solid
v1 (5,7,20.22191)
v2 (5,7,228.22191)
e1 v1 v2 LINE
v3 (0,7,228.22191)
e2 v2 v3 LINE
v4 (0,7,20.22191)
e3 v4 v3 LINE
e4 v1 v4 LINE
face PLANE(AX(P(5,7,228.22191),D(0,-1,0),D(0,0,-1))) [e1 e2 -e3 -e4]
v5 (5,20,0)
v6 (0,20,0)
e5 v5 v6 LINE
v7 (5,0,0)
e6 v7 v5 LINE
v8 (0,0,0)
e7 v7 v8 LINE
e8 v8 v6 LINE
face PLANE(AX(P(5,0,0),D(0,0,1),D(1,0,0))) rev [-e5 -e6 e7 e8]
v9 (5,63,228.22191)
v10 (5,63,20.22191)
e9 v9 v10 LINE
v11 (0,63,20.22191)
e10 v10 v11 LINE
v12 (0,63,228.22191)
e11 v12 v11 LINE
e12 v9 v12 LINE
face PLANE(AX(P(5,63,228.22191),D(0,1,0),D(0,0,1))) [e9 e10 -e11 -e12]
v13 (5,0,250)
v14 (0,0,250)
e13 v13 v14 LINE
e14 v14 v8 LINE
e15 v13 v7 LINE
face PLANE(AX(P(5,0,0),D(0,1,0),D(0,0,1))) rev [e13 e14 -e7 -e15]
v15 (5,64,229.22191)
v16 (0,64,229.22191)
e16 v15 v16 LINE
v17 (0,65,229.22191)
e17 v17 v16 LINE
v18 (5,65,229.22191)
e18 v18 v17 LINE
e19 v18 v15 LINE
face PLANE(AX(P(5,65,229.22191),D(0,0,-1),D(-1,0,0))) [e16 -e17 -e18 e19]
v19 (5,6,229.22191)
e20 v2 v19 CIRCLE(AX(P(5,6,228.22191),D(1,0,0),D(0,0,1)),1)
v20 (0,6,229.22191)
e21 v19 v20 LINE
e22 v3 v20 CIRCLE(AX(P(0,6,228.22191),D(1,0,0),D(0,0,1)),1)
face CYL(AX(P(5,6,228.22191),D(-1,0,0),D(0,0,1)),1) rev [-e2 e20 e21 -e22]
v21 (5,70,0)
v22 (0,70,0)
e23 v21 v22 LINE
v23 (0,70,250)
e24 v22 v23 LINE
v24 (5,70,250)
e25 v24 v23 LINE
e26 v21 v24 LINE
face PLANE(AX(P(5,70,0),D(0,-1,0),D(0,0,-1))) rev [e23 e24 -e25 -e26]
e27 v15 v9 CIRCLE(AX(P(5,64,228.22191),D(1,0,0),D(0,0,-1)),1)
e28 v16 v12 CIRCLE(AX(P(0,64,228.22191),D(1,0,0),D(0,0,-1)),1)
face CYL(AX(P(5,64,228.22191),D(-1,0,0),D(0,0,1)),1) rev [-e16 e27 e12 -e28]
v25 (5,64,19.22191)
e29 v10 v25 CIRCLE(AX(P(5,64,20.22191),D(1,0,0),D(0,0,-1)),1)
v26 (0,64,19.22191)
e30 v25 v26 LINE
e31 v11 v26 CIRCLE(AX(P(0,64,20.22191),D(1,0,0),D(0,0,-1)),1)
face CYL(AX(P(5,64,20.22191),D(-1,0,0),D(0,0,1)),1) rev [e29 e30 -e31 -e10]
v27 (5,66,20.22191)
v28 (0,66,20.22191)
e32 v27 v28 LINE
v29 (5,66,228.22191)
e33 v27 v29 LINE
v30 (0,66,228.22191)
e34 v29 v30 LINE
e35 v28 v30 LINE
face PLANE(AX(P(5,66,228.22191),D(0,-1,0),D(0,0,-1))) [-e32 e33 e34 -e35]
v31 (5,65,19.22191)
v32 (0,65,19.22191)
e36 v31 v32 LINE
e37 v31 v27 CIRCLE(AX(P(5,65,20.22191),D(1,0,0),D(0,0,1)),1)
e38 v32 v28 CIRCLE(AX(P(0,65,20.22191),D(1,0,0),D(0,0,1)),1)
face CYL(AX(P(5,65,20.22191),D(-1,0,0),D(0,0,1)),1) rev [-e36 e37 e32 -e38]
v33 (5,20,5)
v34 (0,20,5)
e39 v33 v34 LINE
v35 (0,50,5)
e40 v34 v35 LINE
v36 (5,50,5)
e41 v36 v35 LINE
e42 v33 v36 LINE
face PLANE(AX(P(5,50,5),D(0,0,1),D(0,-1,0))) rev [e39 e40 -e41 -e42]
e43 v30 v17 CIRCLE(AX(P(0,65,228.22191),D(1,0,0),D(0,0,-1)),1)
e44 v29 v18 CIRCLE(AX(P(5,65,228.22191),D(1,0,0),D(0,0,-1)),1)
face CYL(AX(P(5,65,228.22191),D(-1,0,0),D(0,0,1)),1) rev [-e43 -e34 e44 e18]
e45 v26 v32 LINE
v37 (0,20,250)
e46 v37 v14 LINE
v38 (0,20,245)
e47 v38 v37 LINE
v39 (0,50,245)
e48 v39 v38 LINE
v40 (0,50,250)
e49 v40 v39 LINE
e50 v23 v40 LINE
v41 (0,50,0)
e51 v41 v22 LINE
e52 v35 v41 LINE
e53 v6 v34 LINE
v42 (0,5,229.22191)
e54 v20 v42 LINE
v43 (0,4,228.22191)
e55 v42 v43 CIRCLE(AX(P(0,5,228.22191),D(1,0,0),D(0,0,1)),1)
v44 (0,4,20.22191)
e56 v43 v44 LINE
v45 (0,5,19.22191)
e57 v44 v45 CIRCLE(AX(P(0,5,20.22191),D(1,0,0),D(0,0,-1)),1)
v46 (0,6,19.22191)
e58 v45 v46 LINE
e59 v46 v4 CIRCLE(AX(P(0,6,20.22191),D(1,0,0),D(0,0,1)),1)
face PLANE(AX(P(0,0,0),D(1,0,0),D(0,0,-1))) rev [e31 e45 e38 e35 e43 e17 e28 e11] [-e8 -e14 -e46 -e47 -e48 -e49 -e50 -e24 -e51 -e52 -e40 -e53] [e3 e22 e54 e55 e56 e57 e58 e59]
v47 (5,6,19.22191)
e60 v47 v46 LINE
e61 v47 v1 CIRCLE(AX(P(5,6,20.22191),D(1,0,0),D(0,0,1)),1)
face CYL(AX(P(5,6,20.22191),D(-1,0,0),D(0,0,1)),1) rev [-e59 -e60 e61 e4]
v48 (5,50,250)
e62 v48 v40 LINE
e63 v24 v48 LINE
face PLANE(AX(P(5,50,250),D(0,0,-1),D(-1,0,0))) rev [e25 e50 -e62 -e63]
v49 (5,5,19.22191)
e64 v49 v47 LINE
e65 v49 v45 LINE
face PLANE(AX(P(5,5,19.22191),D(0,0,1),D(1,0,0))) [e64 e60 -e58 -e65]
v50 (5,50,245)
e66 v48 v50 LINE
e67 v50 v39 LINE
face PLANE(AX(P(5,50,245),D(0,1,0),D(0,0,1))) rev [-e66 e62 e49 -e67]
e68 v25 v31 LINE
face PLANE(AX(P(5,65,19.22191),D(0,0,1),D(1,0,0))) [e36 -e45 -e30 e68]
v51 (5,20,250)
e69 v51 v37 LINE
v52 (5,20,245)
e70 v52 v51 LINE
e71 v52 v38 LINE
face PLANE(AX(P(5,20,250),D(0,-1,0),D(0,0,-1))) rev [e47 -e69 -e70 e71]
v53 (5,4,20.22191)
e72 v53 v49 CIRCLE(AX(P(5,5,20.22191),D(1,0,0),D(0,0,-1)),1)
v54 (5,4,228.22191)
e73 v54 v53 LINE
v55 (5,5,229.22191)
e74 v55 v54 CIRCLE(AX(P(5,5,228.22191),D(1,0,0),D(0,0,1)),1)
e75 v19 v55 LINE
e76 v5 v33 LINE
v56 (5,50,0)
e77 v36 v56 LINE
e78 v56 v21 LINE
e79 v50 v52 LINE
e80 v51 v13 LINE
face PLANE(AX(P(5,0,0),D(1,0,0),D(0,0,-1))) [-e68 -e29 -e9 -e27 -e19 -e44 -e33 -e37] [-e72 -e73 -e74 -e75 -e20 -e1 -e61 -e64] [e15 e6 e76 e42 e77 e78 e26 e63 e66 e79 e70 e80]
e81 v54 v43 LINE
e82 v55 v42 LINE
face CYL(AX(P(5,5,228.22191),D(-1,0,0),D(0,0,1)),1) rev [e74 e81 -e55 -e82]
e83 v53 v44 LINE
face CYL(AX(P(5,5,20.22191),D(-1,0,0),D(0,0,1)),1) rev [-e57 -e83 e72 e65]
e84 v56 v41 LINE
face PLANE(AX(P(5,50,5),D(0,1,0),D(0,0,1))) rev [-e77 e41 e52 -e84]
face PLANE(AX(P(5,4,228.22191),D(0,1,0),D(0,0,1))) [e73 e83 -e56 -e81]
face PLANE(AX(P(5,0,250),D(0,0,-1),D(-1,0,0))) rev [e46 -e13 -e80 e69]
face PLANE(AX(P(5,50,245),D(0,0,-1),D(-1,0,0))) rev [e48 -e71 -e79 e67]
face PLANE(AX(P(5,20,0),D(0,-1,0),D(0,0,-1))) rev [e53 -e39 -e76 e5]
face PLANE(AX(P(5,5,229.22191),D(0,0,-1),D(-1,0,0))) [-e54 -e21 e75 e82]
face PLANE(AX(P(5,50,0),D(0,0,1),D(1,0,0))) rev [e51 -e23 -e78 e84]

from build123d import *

# Parameters (mm, degrees)
EXTRUDE_1_DEPTH = 5


with BuildPart() as part:
    # 草图1 → 凸台-拉伸1 (new body)
    with BuildSketch(Plane(origin=(0, 0, 0), x_dir=(0, 0, -1), z_dir=(1, 0, 0))):
        Polygon((0, 0), (-250, 0), (-250, 20), (-245, 20), (-245, 50), (-250, 50), (-250, 70), (0, 70), (0, 50), (-5, 50), (-5, 20), (0, 20), align=None)
        with BuildLine():
            Line((-228.2219096, 66), (-20.2219096, 66))
            ThreePointArc((-20.2219096, 66), (-19.514802819, 65.707106781), (-19.2219096, 65))
            Line((-19.2219096, 65), (-19.2219096, 64))
            ThreePointArc((-19.2219096, 64), (-19.514802819, 63.292893219), (-20.2219096, 63))
            Line((-20.2219096, 63), (-228.2219096, 63))
            ThreePointArc((-228.2219096, 63), (-228.929016382, 63.292893219), (-229.2219096, 64))
            Line((-229.2219096, 64), (-229.2219096, 65))
            ThreePointArc((-229.2219096, 65), (-228.929016382, 65.707106781), (-228.2219096, 66))
        make_face(mode=Mode.SUBTRACT)
        with BuildLine():
            Line((-228.2219096, 4), (-20.2219096, 4))
            ThreePointArc((-20.2219096, 4), (-19.514802819, 4.292893219), (-19.2219096, 5))
            Line((-19.2219096, 5), (-19.2219096, 6))
            ThreePointArc((-19.2219096, 6), (-19.514802819, 6.707106781), (-20.2219096, 7))
            Line((-20.2219096, 7), (-228.2219096, 7))
            ThreePointArc((-228.2219096, 7), (-228.929016382, 6.707106781), (-229.2219096, 6))
            Line((-229.2219096, 6), (-229.2219096, 5))
            ThreePointArc((-229.2219096, 5), (-228.929016382, 4.292893219), (-228.2219096, 4))
        make_face(mode=Mode.SUBTRACT)
    extrude(amount=EXTRUDE_1_DEPTH)


solid = part.part
